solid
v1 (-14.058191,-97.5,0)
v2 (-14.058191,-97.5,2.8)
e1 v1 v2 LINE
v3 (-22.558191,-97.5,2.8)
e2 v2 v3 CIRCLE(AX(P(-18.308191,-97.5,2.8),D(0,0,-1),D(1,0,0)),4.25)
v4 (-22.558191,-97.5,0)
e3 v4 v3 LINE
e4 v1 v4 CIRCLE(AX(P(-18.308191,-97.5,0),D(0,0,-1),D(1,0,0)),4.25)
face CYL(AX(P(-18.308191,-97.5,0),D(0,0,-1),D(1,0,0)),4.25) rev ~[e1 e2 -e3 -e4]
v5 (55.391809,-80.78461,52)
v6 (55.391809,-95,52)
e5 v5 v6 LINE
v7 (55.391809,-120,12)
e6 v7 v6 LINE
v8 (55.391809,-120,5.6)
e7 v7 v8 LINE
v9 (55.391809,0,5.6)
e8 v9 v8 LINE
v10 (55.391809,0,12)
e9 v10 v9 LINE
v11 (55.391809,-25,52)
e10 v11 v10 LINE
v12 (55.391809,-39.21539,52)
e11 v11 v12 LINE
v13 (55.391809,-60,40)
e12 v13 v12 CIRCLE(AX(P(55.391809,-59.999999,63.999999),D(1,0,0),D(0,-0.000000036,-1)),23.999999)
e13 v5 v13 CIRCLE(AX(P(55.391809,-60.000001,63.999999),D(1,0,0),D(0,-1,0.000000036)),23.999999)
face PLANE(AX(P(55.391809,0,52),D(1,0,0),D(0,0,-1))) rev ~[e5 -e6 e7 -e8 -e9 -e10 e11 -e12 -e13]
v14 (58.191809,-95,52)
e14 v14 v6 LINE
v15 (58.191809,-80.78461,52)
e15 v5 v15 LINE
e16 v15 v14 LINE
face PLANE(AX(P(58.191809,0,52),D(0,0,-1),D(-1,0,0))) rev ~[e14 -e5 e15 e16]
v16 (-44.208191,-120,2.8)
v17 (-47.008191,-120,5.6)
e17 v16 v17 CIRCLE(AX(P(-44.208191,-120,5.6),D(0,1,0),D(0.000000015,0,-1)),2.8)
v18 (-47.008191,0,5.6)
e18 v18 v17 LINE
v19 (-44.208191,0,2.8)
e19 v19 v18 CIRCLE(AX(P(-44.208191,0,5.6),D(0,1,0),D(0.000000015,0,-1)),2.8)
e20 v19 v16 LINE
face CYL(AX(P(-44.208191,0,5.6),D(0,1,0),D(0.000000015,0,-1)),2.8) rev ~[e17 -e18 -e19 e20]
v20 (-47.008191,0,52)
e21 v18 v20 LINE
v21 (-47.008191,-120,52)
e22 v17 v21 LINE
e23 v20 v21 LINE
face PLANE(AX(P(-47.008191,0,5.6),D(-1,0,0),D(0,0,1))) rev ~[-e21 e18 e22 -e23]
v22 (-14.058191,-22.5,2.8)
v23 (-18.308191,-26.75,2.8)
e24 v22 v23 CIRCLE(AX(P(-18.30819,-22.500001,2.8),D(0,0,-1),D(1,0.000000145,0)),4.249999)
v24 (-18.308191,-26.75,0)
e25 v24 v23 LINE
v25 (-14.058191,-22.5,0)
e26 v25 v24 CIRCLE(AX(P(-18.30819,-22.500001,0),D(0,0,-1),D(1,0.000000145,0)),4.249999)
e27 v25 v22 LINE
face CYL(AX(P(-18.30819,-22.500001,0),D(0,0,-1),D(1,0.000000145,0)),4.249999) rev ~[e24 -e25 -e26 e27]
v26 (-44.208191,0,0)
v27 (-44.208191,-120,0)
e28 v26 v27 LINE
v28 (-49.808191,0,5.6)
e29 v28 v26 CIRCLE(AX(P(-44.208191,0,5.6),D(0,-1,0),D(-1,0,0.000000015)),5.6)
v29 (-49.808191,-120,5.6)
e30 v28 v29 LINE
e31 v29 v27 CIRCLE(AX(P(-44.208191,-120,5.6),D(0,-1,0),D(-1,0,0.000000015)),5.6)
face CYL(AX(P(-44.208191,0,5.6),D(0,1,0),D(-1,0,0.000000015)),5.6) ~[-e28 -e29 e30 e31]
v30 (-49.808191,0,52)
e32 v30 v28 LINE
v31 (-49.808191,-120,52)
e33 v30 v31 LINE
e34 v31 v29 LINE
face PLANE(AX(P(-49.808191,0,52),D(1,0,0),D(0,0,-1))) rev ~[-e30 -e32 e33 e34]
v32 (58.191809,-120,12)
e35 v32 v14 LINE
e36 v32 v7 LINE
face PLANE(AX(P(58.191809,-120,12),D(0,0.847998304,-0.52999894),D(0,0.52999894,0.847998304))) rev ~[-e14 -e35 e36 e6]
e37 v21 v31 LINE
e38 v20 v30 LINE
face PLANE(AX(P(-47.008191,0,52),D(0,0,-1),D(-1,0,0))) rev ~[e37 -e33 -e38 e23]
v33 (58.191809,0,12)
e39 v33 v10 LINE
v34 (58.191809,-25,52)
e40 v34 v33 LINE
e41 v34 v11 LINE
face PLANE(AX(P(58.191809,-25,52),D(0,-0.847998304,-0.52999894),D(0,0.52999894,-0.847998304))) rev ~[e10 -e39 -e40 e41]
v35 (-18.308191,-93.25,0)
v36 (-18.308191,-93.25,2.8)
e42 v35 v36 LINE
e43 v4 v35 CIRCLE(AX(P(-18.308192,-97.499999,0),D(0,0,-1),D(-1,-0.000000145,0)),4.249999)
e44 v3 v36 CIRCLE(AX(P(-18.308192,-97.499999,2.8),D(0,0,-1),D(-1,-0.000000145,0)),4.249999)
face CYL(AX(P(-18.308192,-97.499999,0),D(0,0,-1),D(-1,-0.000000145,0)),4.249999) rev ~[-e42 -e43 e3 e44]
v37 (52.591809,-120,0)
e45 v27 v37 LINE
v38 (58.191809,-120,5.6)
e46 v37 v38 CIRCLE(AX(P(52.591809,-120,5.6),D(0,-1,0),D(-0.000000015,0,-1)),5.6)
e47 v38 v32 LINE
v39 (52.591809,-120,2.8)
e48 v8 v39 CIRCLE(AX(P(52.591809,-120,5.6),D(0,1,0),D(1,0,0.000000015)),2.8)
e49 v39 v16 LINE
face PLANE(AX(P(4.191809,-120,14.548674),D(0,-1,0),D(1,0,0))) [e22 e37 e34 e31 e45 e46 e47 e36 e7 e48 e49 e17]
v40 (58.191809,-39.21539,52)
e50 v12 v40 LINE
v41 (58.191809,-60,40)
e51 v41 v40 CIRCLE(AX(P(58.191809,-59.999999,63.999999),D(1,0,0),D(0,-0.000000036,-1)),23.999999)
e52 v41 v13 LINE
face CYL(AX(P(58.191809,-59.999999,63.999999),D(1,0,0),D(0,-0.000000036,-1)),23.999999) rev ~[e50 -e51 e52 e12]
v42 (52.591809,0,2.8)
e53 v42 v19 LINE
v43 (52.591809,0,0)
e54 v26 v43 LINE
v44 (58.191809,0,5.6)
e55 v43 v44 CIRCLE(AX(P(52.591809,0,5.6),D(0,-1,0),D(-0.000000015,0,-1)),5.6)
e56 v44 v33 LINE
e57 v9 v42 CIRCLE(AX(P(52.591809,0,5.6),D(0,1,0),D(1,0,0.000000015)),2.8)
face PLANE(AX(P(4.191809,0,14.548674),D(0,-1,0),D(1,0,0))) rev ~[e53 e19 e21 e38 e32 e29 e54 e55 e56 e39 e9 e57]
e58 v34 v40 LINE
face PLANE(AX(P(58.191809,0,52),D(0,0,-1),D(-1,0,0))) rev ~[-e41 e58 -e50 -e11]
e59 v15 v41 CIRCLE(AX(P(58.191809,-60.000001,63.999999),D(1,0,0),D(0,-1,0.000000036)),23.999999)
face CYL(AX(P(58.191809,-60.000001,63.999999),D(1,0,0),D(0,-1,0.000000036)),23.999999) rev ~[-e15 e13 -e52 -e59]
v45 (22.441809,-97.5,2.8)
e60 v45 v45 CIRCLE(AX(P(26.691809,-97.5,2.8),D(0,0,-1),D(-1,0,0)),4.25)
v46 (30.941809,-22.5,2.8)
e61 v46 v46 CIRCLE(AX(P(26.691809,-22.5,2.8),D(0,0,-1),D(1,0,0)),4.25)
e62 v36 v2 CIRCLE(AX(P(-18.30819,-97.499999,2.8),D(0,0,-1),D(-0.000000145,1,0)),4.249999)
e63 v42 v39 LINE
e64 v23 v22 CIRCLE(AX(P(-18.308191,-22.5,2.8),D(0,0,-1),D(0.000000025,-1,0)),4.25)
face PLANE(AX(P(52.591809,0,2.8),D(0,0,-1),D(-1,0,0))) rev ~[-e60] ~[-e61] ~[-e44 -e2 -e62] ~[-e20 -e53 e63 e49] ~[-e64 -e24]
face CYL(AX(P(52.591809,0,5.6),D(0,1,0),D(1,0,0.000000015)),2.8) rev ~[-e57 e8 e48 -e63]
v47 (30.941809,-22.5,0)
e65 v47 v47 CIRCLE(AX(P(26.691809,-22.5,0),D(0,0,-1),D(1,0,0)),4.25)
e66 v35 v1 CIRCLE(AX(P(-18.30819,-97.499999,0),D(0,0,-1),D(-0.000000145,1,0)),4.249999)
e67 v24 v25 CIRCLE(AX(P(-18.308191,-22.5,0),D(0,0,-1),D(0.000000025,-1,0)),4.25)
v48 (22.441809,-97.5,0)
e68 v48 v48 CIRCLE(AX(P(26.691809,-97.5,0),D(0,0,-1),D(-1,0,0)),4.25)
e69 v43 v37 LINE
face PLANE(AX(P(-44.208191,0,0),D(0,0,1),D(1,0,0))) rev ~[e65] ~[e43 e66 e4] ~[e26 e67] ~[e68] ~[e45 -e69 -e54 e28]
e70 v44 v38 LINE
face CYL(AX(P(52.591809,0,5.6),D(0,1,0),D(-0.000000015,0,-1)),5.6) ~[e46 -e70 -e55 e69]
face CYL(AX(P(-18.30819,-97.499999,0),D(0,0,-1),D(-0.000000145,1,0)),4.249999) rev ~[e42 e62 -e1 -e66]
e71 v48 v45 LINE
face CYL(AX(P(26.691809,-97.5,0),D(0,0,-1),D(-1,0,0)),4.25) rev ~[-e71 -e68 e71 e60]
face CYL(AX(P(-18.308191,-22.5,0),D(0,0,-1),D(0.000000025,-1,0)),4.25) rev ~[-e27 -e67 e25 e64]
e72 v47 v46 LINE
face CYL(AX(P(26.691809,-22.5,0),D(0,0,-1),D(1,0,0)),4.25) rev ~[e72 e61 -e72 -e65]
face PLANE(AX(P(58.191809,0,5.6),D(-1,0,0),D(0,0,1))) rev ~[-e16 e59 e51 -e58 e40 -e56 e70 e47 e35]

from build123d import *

# Parameters (mm, degrees)
F1_DEPTH = 120
F3_DEPTH = 3
F4_R     = 4.25
F5_DEPTH = 3


with BuildPart() as f1:
    # F0 (on Front) → F1 (new body)
    with BuildSketch(Plane.XZ):
        with BuildLine():
            ThreePointArc((-49.808191, 5.6), (-48.167989, 1.640202), (-44.208191, 0))
            Line((-44.208191, 0), (52.591809, 0))
            ThreePointArc((52.591809, 0), (56.551607, 1.640202), (58.191809, 5.6))
            Line((58.191809, 5.6), (58.191809, 52))
            Line((58.191809, 52), (55.391809, 52))
            Line((55.391809, 52), (55.391809, 5.6))
            ThreePointArc((55.391809, 5.6), (54.571708, 3.620101), (52.591809, 2.8))
            Line((52.591809, 2.8), (6.991809, 2.8))
            Line((6.991809, 2.8), (-44.208191, 2.8))
            ThreePointArc((-44.208191, 2.8), (-46.18809, 3.620101), (-47.008191, 5.6))
            Line((-47.008191, 5.6), (-47.008191, 52))
            Line((-47.008191, 52), (-49.808191, 52))
            Line((-49.808191, 52), (-49.808191, 5.6))
        make_face()
    extrude(amount=F1_DEPTH)

    # F2 (on face) → F3 (cut)
    with BuildSketch(Plane.YZ.offset(58.191809)):
        Polygon((-95, 52), (-120, 52), (-120, 12), align=None)
        with BuildLine():
            Line((-60, 64), (-60, 52))
            Line((-60, 52), (-60, 40))
            ThreePointArc((-60, 40), (-43.029437, 47.029437), (-36, 64))
            Line((-36, 64), (-60, 64))
        make_face()
        with BuildLine():
            Line((-60, 40), (-60, 52))
            Line((-60, 52), (-60, 64))
            Line((-60, 64), (-84, 64))
            ThreePointArc((-84, 64), (-76.970563, 47.029437), (-60, 40))
        make_face()
        with BuildLine():
            Line((-84, 64), (-60, 64))
            Line((-60, 64), (-36, 64))
            ThreePointArc((-36, 64), (-60, 88), (-84, 64))
        make_face()
        Polygon((0, 52), (-25, 52), (0, 12), align=None)
    extrude(amount=-F3_DEPTH, mode=Mode.SUBTRACT)

    # F4 (on face) → F5 (cut)
    with BuildSketch(Plane(origin=(0, 0, 0), x_dir=(1, 0, 0), z_dir=(0, 0, -1))):
        with BuildLine():
            Line((-22.558191, 97.5), (-18.308191, 97.5))
            Line((-18.308191, 97.5), (-14.058191, 97.5))
            ThreePointArc((-14.058191, 97.5), (-18.308191, 101.75), (-22.558191, 97.5))
        make_face()
        with BuildLine():
            Line((-18.308191, 93.25), (-18.308191, 97.5))
            Line((-18.308191, 97.5), (-22.558191, 97.5))
            ThreePointArc((-22.558191, 97.5), (-21.313395, 94.494796), (-18.308191, 93.25))
        make_face()
        with BuildLine():
            Line((-14.058191, 97.5), (-18.308191, 97.5))
            Line((-18.308191, 97.5), (-18.308191, 93.25))
            ThreePointArc((-18.308191, 93.25), (-15.302987, 94.494796), (-14.058191, 97.5))
        make_face()
        with BuildLine():
            ThreePointArc((30.941809, 97.5), (26.691809, 101.75), (22.441809, 97.5))
            Line((22.441809, 97.5), (30.941809, 97.5))
        make_face()
        with BuildLine():
            Line((30.941809, 97.5), (22.441809, 97.5))
            ThreePointArc((22.441809, 97.5), (26.691809, 93.25), (30.941809, 97.5))
        make_face()
        with BuildLine():
            ThreePointArc((-14.058191, 22.5), (-15.302987, 25.505204), (-18.308191, 26.75))
            ThreePointArc((-18.308191, 26.75), (-21.313395, 19.494796), (-14.058191, 22.5))
        make_face()
        with Locations((26.691809, 22.5)):
            Circle(F4_R)
    extrude(amount=-F5_DEPTH, mode=Mode.SUBTRACT)


solid = f1.part
